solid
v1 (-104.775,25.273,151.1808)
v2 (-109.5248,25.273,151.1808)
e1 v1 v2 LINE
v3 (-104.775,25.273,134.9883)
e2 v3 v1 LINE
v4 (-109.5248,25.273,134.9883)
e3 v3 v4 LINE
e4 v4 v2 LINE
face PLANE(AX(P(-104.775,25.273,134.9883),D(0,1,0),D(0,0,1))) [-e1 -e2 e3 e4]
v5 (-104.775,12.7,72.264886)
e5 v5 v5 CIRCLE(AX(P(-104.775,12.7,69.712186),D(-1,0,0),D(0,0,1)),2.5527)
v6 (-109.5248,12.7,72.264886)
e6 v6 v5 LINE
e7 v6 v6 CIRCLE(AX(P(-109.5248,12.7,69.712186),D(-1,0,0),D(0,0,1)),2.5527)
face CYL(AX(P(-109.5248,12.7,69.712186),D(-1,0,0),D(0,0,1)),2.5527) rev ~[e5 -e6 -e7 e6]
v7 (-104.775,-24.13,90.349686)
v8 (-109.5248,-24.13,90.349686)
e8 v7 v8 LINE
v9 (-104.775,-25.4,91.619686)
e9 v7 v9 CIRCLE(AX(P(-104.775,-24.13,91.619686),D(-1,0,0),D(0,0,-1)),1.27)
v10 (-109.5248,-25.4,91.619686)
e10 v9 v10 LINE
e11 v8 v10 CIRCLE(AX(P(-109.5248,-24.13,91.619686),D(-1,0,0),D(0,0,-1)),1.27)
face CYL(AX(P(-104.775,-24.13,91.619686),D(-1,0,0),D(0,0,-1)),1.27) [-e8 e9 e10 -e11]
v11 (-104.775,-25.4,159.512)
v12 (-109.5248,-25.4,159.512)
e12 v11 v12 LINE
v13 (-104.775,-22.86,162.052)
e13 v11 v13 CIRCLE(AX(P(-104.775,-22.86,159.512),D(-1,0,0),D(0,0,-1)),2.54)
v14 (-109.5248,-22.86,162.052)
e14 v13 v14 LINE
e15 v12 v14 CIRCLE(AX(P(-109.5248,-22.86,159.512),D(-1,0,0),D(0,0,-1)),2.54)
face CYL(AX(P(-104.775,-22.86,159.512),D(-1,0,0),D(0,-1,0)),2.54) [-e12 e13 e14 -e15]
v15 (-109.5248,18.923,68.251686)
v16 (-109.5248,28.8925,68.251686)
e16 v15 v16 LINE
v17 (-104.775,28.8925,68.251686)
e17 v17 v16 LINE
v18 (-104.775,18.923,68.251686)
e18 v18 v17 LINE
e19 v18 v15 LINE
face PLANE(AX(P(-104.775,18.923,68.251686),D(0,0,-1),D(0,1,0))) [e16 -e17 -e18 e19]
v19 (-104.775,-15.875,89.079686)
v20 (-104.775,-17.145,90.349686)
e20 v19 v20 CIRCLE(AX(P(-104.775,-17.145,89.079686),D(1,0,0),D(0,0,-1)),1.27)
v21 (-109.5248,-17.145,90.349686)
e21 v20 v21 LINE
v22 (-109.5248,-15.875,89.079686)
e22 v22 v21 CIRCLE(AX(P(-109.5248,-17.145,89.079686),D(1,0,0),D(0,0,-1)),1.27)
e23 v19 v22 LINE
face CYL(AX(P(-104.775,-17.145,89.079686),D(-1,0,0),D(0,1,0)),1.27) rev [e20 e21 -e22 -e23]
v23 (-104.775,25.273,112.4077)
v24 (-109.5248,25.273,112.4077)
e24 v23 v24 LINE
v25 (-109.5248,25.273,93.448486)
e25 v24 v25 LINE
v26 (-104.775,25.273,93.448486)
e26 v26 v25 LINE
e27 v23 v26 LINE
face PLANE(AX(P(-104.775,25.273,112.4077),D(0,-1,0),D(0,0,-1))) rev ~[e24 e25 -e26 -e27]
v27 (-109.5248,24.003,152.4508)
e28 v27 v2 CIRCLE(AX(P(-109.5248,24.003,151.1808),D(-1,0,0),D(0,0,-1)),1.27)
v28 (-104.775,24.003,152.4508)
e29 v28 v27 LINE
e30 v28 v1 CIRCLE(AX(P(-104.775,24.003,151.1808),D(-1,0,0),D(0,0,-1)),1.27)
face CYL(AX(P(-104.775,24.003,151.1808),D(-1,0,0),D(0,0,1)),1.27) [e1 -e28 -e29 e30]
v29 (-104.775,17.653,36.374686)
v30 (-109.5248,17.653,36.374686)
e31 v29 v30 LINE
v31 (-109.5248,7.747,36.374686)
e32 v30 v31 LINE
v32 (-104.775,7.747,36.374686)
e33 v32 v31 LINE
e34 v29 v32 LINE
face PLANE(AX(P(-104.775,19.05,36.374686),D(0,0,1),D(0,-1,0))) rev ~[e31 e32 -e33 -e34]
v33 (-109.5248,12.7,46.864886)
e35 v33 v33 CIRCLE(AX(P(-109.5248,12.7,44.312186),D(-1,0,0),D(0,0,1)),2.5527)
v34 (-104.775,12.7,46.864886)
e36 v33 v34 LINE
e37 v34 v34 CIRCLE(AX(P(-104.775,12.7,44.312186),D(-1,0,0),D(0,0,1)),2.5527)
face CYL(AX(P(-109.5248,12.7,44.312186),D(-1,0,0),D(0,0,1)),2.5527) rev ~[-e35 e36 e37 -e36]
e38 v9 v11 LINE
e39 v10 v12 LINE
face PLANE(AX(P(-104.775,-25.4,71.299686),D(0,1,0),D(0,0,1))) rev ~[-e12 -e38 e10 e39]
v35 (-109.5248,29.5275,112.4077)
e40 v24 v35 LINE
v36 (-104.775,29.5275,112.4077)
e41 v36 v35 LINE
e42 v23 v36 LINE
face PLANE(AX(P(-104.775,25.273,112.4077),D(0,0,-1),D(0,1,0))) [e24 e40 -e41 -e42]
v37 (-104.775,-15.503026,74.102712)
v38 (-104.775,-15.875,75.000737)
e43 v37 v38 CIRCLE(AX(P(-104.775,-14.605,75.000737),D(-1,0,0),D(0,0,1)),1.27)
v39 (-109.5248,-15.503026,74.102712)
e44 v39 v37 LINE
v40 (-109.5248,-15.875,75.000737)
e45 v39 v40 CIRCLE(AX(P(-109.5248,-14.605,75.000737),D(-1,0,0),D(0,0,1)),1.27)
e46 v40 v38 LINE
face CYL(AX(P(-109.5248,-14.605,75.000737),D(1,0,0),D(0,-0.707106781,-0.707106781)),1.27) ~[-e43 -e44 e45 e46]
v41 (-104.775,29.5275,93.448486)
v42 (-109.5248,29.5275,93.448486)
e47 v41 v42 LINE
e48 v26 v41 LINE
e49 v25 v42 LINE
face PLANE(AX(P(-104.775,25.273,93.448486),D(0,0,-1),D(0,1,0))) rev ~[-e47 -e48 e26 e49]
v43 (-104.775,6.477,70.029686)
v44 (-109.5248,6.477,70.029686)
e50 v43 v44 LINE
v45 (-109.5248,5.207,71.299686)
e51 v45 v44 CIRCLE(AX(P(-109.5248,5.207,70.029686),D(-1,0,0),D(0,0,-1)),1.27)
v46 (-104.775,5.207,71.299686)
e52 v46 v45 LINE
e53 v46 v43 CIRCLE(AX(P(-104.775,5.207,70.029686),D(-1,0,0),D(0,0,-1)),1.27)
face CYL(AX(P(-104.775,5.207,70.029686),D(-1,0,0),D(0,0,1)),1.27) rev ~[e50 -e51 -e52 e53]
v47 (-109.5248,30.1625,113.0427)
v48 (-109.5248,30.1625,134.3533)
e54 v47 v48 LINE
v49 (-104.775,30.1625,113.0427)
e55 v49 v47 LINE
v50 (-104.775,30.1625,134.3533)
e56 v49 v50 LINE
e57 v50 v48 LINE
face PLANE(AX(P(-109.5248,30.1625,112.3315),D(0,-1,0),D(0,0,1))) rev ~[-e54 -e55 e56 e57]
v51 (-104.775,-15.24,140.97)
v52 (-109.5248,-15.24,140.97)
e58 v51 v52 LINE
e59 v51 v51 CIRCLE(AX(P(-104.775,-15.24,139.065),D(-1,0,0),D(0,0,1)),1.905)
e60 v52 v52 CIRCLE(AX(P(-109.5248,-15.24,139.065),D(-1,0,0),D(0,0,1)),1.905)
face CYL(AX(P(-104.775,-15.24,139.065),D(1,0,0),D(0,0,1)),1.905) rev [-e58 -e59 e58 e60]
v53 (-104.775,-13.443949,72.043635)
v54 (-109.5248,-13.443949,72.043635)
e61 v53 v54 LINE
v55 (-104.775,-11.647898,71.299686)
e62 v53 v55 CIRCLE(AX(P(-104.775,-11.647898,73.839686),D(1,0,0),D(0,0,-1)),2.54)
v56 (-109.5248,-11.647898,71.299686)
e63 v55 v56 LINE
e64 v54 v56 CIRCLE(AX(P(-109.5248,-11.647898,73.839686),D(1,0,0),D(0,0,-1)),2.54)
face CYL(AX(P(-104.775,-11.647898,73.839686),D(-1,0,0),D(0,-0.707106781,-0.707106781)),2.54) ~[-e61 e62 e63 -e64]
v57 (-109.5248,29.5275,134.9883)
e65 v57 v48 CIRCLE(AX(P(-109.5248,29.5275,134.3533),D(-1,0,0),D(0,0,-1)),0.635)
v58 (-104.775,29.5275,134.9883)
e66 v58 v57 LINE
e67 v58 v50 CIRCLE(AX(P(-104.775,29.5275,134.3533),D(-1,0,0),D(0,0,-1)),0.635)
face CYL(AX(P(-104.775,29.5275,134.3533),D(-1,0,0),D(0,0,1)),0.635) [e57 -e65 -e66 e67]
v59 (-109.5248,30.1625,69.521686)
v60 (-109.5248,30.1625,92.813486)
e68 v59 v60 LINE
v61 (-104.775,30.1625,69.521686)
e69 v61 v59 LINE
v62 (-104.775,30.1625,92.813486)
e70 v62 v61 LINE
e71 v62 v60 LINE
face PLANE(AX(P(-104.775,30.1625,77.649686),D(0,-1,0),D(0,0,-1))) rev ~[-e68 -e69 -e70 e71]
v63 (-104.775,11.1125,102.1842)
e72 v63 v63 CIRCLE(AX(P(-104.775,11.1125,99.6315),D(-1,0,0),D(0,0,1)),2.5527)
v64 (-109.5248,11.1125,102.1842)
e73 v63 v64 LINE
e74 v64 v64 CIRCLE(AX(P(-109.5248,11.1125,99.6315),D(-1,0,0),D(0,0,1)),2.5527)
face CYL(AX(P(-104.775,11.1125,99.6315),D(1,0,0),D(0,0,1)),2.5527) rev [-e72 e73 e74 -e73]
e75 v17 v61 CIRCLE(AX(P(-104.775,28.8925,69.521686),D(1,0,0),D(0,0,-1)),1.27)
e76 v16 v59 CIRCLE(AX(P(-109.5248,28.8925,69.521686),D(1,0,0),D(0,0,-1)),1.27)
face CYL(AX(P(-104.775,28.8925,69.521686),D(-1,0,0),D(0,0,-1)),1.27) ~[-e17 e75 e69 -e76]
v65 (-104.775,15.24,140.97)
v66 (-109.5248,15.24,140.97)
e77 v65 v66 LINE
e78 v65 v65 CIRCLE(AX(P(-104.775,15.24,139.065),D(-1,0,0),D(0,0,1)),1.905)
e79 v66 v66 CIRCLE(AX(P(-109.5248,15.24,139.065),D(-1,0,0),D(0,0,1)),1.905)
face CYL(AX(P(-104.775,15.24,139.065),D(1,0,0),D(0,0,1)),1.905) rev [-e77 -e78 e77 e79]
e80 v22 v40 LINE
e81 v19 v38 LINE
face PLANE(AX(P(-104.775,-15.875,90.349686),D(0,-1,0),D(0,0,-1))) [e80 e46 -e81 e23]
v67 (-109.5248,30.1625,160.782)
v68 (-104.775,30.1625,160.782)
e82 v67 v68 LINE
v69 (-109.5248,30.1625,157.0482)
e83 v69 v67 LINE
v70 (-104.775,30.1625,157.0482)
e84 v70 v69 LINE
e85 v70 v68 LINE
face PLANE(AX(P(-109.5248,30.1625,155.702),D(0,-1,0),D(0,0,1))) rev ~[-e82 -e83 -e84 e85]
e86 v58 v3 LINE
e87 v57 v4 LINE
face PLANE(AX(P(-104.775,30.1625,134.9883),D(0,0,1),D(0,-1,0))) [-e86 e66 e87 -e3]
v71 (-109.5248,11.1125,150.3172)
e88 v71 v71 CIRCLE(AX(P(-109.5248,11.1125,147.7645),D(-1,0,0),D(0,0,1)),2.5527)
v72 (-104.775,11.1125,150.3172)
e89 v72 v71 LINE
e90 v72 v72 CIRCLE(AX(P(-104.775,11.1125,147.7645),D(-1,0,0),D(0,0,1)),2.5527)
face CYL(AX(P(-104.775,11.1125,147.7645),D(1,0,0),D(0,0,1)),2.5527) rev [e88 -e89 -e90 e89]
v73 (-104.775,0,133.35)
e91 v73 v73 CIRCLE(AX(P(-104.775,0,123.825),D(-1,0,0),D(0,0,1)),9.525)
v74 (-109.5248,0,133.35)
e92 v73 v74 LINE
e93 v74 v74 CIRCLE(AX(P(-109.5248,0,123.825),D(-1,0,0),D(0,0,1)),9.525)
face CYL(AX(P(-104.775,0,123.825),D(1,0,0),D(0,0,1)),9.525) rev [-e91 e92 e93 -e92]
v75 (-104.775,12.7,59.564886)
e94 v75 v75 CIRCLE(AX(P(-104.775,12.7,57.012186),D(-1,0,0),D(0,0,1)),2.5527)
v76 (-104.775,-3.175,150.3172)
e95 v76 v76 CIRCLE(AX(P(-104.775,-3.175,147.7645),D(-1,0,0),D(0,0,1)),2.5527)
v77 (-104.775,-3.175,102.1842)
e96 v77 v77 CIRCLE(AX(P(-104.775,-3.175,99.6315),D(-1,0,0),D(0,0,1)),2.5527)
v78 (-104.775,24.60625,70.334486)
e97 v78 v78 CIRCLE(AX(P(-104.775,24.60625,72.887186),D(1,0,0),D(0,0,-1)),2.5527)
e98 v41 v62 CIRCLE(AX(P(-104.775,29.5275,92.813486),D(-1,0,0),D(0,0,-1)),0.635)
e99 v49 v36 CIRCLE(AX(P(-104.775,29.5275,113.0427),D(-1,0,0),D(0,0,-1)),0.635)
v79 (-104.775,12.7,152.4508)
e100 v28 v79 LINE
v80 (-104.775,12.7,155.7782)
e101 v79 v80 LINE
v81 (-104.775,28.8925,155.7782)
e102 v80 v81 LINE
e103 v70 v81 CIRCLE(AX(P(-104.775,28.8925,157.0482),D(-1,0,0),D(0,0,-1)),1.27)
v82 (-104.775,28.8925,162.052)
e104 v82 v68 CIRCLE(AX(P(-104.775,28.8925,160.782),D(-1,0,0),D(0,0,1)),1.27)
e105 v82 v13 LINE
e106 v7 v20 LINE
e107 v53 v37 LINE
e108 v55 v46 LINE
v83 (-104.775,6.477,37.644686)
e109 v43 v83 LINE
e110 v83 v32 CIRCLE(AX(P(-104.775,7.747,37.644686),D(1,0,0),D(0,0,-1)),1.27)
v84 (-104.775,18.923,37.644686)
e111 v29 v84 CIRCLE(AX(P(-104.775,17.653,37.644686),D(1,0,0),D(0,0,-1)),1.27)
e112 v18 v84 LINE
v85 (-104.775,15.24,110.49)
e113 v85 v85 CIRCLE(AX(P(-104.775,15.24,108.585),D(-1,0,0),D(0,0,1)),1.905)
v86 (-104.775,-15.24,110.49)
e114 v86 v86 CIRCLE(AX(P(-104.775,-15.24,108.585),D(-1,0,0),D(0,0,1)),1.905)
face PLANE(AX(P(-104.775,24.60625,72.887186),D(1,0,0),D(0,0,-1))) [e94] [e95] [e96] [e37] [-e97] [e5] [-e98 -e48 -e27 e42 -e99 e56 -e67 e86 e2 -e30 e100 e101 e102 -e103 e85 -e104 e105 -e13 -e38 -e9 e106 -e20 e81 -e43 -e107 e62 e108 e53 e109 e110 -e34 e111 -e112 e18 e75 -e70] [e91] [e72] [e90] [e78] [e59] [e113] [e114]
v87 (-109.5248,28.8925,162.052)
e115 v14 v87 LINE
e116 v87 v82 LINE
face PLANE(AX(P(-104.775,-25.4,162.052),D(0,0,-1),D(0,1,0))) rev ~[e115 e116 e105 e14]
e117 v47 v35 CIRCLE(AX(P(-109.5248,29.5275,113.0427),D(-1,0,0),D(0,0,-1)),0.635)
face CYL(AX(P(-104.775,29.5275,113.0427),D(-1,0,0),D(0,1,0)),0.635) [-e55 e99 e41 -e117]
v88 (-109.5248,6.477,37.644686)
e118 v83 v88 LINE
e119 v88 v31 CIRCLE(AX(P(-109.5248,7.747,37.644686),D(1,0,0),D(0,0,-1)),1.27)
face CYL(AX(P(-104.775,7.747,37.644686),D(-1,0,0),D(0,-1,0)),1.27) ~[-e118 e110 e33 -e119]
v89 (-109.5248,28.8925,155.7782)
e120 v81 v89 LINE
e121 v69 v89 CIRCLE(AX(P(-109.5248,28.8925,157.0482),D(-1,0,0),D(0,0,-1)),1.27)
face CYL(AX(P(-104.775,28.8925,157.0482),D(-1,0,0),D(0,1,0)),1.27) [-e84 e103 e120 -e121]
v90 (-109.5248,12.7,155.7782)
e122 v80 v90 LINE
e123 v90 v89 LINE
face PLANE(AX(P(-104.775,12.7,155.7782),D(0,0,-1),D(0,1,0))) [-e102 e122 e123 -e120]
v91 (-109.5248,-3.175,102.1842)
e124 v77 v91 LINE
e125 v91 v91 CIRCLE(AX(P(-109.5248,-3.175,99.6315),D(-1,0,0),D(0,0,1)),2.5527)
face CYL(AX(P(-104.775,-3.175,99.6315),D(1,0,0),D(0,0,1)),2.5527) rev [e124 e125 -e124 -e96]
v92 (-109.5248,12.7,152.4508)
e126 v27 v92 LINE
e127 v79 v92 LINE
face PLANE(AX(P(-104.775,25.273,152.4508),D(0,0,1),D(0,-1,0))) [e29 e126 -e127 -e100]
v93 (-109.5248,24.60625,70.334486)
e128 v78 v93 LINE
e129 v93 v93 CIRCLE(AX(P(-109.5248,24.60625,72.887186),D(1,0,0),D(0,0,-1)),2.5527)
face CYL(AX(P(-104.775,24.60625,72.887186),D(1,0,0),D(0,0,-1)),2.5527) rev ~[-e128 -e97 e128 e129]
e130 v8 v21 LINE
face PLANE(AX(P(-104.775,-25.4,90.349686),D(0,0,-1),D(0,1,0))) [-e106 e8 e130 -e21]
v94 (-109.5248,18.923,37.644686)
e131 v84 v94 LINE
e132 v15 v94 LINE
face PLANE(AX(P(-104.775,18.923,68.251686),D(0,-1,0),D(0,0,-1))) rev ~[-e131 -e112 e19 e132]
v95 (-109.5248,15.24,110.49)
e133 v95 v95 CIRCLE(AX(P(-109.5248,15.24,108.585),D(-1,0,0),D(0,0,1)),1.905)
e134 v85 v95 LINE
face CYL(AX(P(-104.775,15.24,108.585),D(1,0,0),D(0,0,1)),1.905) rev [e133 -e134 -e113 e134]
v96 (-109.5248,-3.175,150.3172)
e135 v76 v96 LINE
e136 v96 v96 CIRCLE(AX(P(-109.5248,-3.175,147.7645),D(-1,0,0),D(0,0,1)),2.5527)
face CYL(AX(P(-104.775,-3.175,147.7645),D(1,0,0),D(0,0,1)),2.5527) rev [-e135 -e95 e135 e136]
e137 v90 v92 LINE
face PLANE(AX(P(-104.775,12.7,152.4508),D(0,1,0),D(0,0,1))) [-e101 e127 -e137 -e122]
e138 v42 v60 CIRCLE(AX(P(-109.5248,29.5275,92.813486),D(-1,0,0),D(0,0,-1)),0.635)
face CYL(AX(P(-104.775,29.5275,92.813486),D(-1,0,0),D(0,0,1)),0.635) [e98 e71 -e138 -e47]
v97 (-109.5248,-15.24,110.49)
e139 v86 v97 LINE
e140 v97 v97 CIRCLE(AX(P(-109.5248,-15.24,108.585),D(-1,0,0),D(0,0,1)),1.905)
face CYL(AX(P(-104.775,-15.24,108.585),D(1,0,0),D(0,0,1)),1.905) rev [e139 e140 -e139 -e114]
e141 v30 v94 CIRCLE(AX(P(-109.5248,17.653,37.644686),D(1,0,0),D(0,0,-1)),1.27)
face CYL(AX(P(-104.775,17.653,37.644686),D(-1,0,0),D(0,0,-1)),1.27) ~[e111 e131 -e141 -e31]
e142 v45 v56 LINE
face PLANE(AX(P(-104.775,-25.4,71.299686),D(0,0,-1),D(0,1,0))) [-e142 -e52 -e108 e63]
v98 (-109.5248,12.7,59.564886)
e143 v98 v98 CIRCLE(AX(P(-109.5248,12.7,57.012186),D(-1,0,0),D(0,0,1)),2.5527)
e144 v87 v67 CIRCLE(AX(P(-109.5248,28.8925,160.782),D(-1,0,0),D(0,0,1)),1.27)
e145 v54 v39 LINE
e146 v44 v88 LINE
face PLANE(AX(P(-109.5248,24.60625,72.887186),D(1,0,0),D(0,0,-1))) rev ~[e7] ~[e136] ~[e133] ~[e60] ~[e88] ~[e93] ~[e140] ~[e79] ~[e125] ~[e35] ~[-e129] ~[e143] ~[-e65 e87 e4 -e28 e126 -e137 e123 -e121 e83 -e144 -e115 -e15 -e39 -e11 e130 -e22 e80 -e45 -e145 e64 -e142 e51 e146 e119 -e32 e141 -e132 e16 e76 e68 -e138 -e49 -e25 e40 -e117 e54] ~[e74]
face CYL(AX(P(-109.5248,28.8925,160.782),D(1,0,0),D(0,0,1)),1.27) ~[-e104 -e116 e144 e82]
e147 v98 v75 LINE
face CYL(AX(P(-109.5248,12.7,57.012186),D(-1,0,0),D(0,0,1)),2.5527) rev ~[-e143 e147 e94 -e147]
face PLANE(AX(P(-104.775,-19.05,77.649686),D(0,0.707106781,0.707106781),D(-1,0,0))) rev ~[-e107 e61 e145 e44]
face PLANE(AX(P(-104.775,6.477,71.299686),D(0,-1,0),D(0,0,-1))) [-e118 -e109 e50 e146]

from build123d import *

# Parameters (mm, degrees)
SKETCH6_R                   = 9.525
SKETCH6_R_2                 = 1.905
SKETCH6_R_3                 = 2.5527
SIDE_PLATE_EXTRUDE_DEPTH    = 4.7498
SKETCH15_R                  = 2.5527
CUSTOM_NUTSTRIP_HOLES_DEPTH = 5.7498
SKETCH43_W                  = 3.175
SKETCH43_H                  = 12.7
CUT_EXTRUDE19_DEPTH         = 5.7498
SKETCH73_W                  = 15.875
SKETCH73_H                  = 4.7625
SKETCH73_W_2                = 22.733
SKETCH73_W_3                = 6.35
BOSS_EXTRUDE28_DEPTH        = 4.7498
SKETCH108_W                 = 9.525
SKETCH108_H                 = 11.1125
SKETCH108_R                 = 2.5527
BOSS_EXTRUDE35_DEPTH        = 4.7498
SKETCH90_W                  = 18.959213894
SKETCH90_H                  = 4.8895
SKETCH90_W_2                = 34.925
SKETCH90_H_2                = 31.877
SIDE_PLATE_TOLERENCES_DEPTH = 5.7498
CHAMFER8_SIZE               = 12.7
FILLET15_R                  = 2.54
FILLET26_R                  = 1.27
FILLET29_R                  = 0.635
SKETCH109_W                 = 19.05
SKETCH109_H                 = 9.525
CUT_EXTRUDE20_DEPTH         = 5.7498
FILLET30_R                  = 1.27


with BuildPart() as part:
    # Sketch6 → Side Plate Extrude (new body)
    with BuildSketch(Plane.ZY.offset(104.775)):
        Polygon((162.052, -25.4), (162.052, 25.4), (77.649686106, 25.4), (77.649686106, 19.05), (36.374686106, 19.05), (36.374686106, 6.35), (71.299686106, 6.35), (71.299686106, -25.4), align=None)
        with Locations((123.825, 0)):
            Circle(SKETCH6_R, mode=Mode.SUBTRACT)
        with Locations((108.585, -15.24)):
            Circle(SKETCH6_R_2, mode=Mode.SUBTRACT)
        with Locations((108.585, 15.24)):
            Circle(SKETCH6_R_2, mode=Mode.SUBTRACT)
        with Locations((139.065, 15.24)):
            Circle(SKETCH6_R_2, mode=Mode.SUBTRACT)
        with Locations((139.065, -15.24)):
            Circle(SKETCH6_R_2, mode=Mode.SUBTRACT)
        with Locations((147.7645, 11.1125)):
            Circle(SKETCH6_R_3, mode=Mode.SUBTRACT)
        with Locations((99.6315, 11.1125)):
            Circle(SKETCH6_R_3, mode=Mode.SUBTRACT)
        with Locations((99.6315, -3.175)):
            Circle(SKETCH6_R_3, mode=Mode.SUBTRACT)
        with Locations((147.7645, -3.175)):
            Circle(SKETCH6_R_3, mode=Mode.SUBTRACT)
    extrude(amount=SIDE_PLATE_EXTRUDE_DEPTH)

    # Sketch15 → Custom Nutstrip Holes (cut, through all)
    with BuildSketch(Plane.ZY.offset(109.5248)):
        with Locations((44.312186106, 12.7)):
            Circle(SKETCH15_R)
        with Locations((57.012186106, 12.7)):
            Circle(SKETCH15_R)
        with Locations((69.712186106, 12.7)):
            Circle(SKETCH15_R)
    extrude(amount=-CUSTOM_NUTSTRIP_HOLES_DEPTH, mode=Mode.SUBTRACT)

    # Sketch43 → Cut-Extrude19 (cut, through all)
    with BuildSketch(Plane.ZY.offset(109.5248)):
        with Locations((154.1145, 19.05)):
            Rectangle(SKETCH43_W, SKETCH43_H)
    extrude(amount=-CUT_EXTRUDE19_DEPTH, mode=Mode.SUBTRACT)

    # Sketch73 → Boss-Extrude28 (add, through all)
    with BuildSketch(Plane.ZY.offset(109.5248)):
        with Locations((85.587186106, 27.78125)):
            Rectangle(SKETCH73_W, SKETCH73_H)
        with Locations((123.698, 27.78125)):
            Rectangle(SKETCH73_W_2, SKETCH73_H)
        with Locations((158.877, 27.78125)):
            Rectangle(SKETCH73_W_3, SKETCH73_H)
    extrude(amount=-BOSS_EXTRUDE28_DEPTH)

    # Sketch108 → Boss-Extrude35 (add, through all)
    with BuildSketch(Plane(origin=(-104.775, 0, 0), x_dir=(0, 0, -1), z_dir=(1, 0, 0))):
        with Locations((-72.887186106, 24.60625)):
            Rectangle(SKETCH108_W, SKETCH108_H)
        with Locations((-72.887186106, 24.60625)):
            Circle(SKETCH108_R, mode=Mode.SUBTRACT)
    extrude(amount=-BOSS_EXTRUDE35_DEPTH)

    # Sketch90 → Side Plate Tolerences (cut, through all)
    with BuildSketch(Plane(origin=(-104.775, 0, 0), x_dir=(0, 0, -1), z_dir=(1, 0, 0))):
        Polygon((-152.4508, 12.7), (-155.7782, 12.7), (-155.7782, 30.1625), (-152.4508, 30.1625), (-134.9883, 30.1625), (-134.9883, 25.273), (-152.4508, 25.273), align=None)
        with Locations((-102.928093053, 27.71775)):
            Rectangle(SKETCH90_W, SKETCH90_H)
        Polygon((-68.124686106, 19.05), (-36.374686106, 19.05), (-36.374686106, 18.923), (-68.124686106, 18.923), (-68.251686106, 18.923), (-68.251686106, 30.1625), (-68.124686106, 30.1625), align=None)
        with Locations((-53.837186106, -9.4615)):
            Rectangle(SKETCH90_W_2, SKETCH90_H_2)
    extrude(amount=-SIDE_PLATE_TOLERENCES_DEPTH, mode=Mode.SUBTRACT)

    # Chamfer8
    chamfer8_edges = [part.edges().sort_by_distance(p)[0] for p in [
        (-107.1499, -25.4, 71.299686106),
    ]]
    chamfer(chamfer8_edges, length=CHAMFER8_SIZE)

    # Fillet15
    fillet15_edges = [part.edges().sort_by_distance(p)[0] for p in [
        (-107.1499, -25.4, 162.052),
        (-107.1499, -25.4, 83.999686106),
        (-107.1499, -12.7, 71.299686106),
    ]]
    fillet(fillet15_edges, radius=FILLET15_R)

    # Fillet26
    fillet26_edges = [part.edges().sort_by_distance(p)[0] for p in [
        (-107.1499, 30.1625, 162.052),
        (-107.1499, 30.1625, 155.7782),
        (-107.1499, 25.273, 152.4508),
        (-107.1499, 18.923, 36.374686106),
        (-107.1499, 30.1625, 68.251686106),
        (-107.1499, 6.477, 36.374686106),
        (-107.1499, 6.477, 71.299686106),
    ]]
    fillet(fillet26_edges, radius=FILLET26_R)

    # Fillet29
    fillet29_edges = [part.edges().sort_by_distance(p)[0] for p in [
        (-107.1499, 30.1625, 134.9883),
        (-107.1499, 30.1625, 112.4077),
        (-107.1499, 30.1625, 93.448486106),
    ]]
    fillet(fillet29_edges, radius=FILLET29_R)

    # Sketch109 → Cut-Extrude20 (cut, through all)
    with BuildSketch(Plane(origin=(-104.775, 0, 0), x_dir=(0, 0, -1), z_dir=(1, 0, 0))):
        with Locations((-80.824686106, -20.6375)):
            Rectangle(SKETCH109_W, SKETCH109_H)
    extrude(amount=-CUT_EXTRUDE20_DEPTH, mode=Mode.SUBTRACT)

    # Fillet30
    fillet30_edges = [part.edges().sort_by_distance(p)[0] for p in [
        (-107.1499, -15.875, 74.474686106),
        (-107.1499, -25.4, 90.349686106),
        (-107.1499, -15.875, 90.349686106),
    ]]
    fillet(fillet30_edges, radius=FILLET30_R)


solid = part.part
